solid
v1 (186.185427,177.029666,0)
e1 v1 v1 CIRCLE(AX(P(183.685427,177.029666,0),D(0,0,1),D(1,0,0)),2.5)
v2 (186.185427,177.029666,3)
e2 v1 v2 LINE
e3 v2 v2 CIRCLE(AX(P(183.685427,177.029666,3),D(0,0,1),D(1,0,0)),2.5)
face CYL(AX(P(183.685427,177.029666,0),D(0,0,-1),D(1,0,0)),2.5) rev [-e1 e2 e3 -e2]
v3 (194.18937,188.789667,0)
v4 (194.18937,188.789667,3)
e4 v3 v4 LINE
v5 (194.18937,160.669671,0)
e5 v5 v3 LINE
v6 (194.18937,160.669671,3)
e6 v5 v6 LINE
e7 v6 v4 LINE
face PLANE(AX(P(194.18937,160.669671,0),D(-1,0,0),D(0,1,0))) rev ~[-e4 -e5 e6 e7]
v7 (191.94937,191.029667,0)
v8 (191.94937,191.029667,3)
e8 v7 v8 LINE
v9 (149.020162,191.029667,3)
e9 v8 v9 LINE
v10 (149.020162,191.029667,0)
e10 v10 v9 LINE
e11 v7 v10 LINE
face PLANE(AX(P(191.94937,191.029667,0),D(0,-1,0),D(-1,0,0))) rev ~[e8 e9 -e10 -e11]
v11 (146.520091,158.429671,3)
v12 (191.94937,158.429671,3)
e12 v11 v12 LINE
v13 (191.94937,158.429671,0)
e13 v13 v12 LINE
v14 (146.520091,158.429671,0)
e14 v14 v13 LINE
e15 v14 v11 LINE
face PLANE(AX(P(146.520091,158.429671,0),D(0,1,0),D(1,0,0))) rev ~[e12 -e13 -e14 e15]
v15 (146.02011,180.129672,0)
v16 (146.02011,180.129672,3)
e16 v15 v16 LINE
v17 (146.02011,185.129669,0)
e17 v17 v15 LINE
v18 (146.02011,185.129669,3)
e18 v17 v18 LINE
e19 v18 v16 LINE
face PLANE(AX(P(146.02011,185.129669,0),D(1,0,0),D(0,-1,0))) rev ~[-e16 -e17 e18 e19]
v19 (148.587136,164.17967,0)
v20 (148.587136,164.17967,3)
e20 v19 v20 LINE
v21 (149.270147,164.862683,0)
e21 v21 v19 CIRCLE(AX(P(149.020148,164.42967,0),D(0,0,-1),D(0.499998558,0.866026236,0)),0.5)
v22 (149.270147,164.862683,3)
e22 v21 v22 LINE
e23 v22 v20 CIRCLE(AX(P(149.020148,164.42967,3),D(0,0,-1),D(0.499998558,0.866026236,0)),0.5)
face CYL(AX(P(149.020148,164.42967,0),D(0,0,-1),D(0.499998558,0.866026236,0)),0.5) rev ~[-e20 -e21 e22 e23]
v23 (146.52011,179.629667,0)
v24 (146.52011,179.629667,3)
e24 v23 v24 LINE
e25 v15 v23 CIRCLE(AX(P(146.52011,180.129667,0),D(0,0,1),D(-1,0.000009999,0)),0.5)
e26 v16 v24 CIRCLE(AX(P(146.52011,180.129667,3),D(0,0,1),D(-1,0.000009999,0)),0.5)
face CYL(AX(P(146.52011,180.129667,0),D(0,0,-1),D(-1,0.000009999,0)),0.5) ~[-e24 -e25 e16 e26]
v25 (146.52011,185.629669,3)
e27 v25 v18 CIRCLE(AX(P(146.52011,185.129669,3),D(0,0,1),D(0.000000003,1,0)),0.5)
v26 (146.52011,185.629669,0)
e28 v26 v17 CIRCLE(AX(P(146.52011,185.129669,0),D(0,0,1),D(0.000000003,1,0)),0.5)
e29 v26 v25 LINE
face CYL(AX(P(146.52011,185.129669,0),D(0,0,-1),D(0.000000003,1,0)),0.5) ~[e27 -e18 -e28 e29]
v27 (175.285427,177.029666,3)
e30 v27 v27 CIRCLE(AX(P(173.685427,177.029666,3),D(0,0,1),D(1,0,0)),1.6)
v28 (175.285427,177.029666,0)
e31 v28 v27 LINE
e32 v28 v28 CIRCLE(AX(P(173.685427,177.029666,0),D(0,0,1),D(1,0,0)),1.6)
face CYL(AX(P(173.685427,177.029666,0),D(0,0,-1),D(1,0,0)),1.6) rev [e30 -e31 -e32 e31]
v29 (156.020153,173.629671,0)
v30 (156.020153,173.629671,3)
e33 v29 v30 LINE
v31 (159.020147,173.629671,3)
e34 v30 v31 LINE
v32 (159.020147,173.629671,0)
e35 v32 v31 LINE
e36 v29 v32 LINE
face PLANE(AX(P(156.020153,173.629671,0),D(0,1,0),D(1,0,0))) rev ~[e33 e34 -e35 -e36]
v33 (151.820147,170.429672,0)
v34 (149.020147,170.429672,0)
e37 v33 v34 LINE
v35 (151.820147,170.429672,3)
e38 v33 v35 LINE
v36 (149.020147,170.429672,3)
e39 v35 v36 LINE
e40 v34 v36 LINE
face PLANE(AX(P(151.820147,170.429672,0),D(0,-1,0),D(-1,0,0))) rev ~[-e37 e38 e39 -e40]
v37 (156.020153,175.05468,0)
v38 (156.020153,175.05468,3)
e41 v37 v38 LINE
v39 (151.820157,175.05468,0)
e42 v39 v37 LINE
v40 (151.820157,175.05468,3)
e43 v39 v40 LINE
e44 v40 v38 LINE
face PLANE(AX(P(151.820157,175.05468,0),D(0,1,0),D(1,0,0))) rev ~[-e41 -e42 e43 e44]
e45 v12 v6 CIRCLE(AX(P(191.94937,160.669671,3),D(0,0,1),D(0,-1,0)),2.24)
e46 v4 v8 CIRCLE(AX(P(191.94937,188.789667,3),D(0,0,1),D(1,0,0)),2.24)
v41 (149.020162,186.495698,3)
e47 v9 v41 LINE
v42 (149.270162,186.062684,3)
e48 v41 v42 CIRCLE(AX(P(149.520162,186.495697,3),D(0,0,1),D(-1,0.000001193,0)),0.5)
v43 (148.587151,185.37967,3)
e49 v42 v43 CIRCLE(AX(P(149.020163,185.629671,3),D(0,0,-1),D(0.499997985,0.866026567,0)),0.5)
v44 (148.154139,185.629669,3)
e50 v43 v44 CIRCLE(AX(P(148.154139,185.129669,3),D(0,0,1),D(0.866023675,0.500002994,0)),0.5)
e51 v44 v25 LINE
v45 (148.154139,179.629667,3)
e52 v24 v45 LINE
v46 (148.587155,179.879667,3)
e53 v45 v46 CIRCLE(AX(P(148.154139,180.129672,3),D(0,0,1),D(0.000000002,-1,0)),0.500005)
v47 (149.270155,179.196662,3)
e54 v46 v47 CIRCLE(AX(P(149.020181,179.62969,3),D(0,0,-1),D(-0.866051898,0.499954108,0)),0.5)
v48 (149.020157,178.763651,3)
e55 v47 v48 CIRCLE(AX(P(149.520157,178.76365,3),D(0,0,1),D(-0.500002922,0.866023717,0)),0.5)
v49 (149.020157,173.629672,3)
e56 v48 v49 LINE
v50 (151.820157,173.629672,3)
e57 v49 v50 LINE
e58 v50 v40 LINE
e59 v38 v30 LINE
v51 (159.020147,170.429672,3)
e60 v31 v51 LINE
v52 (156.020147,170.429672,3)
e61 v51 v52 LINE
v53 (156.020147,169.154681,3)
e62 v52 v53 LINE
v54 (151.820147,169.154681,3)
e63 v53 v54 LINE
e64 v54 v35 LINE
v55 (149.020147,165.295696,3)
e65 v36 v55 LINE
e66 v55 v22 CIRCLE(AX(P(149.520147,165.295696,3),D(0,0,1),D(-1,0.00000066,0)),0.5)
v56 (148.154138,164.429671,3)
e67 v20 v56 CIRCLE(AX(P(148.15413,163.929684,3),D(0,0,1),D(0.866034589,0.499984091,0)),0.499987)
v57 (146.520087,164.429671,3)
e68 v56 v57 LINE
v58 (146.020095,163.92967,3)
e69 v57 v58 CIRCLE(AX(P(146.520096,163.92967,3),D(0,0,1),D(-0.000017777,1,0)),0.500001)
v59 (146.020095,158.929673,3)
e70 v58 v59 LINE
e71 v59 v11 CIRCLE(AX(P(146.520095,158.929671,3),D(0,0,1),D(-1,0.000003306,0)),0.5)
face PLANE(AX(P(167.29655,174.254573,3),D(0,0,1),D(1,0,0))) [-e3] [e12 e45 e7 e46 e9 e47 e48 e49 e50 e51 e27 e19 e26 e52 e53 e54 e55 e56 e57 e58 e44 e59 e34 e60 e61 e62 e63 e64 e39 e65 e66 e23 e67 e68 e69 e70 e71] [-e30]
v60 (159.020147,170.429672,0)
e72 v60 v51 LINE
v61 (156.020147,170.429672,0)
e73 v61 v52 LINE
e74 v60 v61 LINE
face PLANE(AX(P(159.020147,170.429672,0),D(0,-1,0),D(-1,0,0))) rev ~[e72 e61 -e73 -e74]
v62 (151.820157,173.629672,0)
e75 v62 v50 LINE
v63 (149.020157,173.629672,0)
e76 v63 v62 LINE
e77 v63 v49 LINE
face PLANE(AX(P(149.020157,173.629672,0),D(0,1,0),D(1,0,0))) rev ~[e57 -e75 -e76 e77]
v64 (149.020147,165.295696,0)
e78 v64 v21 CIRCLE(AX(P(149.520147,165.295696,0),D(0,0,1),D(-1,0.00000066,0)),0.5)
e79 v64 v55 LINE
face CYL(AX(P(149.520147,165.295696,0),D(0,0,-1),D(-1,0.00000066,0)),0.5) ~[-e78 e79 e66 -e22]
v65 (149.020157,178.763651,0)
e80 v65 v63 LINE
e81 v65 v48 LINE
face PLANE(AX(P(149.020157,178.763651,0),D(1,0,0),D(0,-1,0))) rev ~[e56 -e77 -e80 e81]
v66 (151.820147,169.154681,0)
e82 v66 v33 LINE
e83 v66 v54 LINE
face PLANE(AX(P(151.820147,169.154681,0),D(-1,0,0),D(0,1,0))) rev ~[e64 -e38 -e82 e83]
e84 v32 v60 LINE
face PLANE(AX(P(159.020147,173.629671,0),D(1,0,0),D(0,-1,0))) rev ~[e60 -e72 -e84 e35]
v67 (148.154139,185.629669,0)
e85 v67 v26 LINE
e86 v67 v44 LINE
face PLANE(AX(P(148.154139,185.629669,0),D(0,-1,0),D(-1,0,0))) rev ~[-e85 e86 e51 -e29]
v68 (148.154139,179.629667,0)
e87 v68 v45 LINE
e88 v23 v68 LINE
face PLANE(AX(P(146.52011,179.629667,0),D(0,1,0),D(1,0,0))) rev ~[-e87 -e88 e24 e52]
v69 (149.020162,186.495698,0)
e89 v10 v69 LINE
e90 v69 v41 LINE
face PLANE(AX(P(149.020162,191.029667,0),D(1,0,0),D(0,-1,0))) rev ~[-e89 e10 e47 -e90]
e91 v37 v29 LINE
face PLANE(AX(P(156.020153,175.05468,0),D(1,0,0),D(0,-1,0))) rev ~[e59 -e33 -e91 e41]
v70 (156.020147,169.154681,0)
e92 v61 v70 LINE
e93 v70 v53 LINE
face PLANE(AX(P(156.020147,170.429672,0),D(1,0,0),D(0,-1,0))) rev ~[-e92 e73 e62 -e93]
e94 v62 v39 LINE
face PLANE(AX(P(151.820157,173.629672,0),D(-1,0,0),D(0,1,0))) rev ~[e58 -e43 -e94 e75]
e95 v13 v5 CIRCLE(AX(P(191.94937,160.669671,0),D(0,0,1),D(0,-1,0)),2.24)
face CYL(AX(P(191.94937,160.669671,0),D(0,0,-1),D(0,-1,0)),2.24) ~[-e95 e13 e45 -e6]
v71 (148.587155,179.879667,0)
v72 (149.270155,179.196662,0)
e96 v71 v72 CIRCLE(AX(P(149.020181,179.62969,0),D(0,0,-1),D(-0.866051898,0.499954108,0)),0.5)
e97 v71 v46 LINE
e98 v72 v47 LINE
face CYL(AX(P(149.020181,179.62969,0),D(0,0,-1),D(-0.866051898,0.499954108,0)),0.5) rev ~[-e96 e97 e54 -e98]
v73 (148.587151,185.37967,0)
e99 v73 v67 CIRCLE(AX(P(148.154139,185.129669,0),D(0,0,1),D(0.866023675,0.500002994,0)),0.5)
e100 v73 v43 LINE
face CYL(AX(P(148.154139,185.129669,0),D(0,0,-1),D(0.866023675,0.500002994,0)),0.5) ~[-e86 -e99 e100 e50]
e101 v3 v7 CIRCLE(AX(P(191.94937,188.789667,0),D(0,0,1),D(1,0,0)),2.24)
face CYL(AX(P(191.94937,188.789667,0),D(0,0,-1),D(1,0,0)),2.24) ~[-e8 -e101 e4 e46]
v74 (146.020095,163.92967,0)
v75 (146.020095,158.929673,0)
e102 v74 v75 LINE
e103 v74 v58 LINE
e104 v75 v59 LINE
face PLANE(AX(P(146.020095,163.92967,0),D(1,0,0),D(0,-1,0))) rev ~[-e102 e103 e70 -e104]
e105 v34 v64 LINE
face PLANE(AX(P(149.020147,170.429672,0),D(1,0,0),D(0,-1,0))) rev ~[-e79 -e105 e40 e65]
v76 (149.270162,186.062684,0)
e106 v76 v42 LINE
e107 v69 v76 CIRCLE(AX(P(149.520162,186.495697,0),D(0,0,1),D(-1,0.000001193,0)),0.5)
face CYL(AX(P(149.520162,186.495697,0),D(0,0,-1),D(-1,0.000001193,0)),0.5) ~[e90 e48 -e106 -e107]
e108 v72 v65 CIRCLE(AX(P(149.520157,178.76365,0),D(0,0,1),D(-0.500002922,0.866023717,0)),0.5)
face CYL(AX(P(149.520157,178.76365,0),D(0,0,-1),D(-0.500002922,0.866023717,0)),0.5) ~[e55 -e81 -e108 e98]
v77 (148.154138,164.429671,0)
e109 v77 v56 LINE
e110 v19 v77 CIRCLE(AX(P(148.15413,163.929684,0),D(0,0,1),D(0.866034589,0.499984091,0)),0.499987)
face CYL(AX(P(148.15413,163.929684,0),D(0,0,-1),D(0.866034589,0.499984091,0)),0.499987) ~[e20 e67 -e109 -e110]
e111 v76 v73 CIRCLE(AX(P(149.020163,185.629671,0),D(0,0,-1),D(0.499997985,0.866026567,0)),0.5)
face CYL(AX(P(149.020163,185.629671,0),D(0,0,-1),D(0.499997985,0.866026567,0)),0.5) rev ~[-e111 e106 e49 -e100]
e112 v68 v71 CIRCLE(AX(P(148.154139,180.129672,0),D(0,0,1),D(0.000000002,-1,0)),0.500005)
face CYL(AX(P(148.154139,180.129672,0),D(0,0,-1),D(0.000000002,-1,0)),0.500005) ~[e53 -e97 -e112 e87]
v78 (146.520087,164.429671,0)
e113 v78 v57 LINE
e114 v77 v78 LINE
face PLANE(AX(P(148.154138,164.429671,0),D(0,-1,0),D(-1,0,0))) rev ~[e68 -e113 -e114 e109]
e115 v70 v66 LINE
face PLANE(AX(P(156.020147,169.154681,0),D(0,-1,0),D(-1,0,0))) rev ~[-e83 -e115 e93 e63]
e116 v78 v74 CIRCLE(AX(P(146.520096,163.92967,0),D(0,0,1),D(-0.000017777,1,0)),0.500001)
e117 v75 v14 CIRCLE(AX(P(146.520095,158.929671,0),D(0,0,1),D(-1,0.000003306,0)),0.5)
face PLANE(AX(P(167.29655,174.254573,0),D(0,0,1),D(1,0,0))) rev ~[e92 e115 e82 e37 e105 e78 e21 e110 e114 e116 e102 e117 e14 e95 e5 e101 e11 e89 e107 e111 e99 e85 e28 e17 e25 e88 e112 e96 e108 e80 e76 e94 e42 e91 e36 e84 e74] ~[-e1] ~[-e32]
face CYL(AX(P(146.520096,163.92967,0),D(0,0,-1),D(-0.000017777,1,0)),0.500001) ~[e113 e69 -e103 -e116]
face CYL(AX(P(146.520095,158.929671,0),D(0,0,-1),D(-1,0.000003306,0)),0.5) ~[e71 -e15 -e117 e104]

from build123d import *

# Parameters (mm, degrees)
MODEL_R             = 1.6
MODEL_R_2           = 2.5
BOSS_EXTRUDE1_DEPTH = 3


with BuildPart() as part:
    # Model → Boss-Extrude1 (new body)
    with BuildSketch(Plane.XY):
        with BuildLine():
            Line((146.020094854, 163.929669503), (146.020094854, 158.929672503))
            ThreePointArc((146.020094854, 158.929672503), (146.166539616, 158.576119306), (146.520091281, 158.429670848))
            Line((146.520091281, 158.429670848), (191.949370202, 158.429670848))
            ThreePointArc((191.949370202, 158.429670848), (193.533289392, 159.085751658), (194.189370202, 160.669670848))
            Line((194.189370202, 160.669670848), (194.189370202, 188.789666848))
            ThreePointArc((194.189370202, 188.789666848), (193.533289392, 190.373586038), (191.949370202, 191.029666848))
            Line((191.949370202, 191.029666848), (149.020161786, 191.029666848))
            Line((149.020161786, 191.029666848), (149.020161786, 186.495697517))
            ThreePointArc((149.020161786, 186.495697517), (149.087148935, 186.245697179), (149.270161786, 186.062684219))
            ThreePointArc((149.270161786, 186.062684219), (149.373716972, 185.276118333), (148.587150624, 185.379670014))
            ThreePointArc((148.587150624, 185.379670014), (148.404138038, 185.562681651), (148.154138786, 185.629668517))
            Line((148.154138786, 185.629668517), (146.520109786, 185.629668517))
            ThreePointArc((146.520109786, 185.629668517), (146.166556395, 185.483221908), (146.020109786, 185.129668517))
            Line((146.020109786, 185.129668517), (146.020109786, 180.129671517))
            ThreePointArc((146.020109786, 180.129671517), (146.166554627, 179.776114895), (146.520109786, 179.629666517))
            Line((146.520109786, 179.629666517), (148.154138786, 179.629666517))
            ThreePointArc((148.154138786, 179.629666517), (148.404140189, 179.696653822), (148.587154607, 179.879666726))
            ThreePointArc((148.587154607, 179.879666726), (149.373734927, 179.983242082), (149.270155207, 179.196662336))
            ThreePointArc((149.270155207, 179.196662336), (149.087143628, 179.013649891), (149.02015667, 178.76365081))
            Line((149.02015667, 178.76365081), (149.02015667, 173.629671744))
            Line((149.02015667, 173.629671744), (151.82015667, 173.629671744))
            Line((151.82015667, 173.629671744), (151.82015667, 175.054680432))
            Line((151.82015667, 175.054680432), (156.020152766, 175.054680432))
            Line((156.020152766, 175.054680432), (156.020152766, 173.629670513))
            Line((156.020152766, 173.629670513), (159.020147427, 173.629670513))
            Line((159.020147427, 173.629670513), (159.020147427, 170.429672075))
            Line((159.020147427, 170.429672075), (156.020147427, 170.429672075))
            Line((156.020147427, 170.429672075), (156.020147427, 169.154680763))
            Line((156.020147427, 169.154680763), (151.820147427, 169.154680763))
            Line((151.820147427, 169.154680763), (151.820147427, 170.429672075))
            Line((151.820147427, 170.429672075), (149.020147427, 170.429672075))
            Line((149.020147427, 170.429672075), (149.020147427, 165.295696252))
            ThreePointArc((149.020147427, 165.295696252), (149.08713456, 165.045696208), (149.270147141, 164.862683385))
            ThreePointArc((149.270147141, 164.862683385), (149.373701806, 164.07611743), (148.587135527, 164.179669631))
            ThreePointArc((148.587135527, 164.179669631), (148.404130845, 164.362680921), (148.154138455, 164.429670848))
            Line((148.154138455, 164.429670848), (146.520087311, 164.429670848))
            ThreePointArc((146.520087311, 164.429670848), (146.166538715, 164.283220702), (146.020094854, 163.929669503))
        make_face()
        with Locations((173.68542699, 177.029665772)):
            Circle(MODEL_R, mode=Mode.SUBTRACT)
        with Locations((183.68542699, 177.029665772)):
            Circle(MODEL_R_2, mode=Mode.SUBTRACT)
    extrude(amount=BOSS_EXTRUDE1_DEPTH)


solid = part.part
